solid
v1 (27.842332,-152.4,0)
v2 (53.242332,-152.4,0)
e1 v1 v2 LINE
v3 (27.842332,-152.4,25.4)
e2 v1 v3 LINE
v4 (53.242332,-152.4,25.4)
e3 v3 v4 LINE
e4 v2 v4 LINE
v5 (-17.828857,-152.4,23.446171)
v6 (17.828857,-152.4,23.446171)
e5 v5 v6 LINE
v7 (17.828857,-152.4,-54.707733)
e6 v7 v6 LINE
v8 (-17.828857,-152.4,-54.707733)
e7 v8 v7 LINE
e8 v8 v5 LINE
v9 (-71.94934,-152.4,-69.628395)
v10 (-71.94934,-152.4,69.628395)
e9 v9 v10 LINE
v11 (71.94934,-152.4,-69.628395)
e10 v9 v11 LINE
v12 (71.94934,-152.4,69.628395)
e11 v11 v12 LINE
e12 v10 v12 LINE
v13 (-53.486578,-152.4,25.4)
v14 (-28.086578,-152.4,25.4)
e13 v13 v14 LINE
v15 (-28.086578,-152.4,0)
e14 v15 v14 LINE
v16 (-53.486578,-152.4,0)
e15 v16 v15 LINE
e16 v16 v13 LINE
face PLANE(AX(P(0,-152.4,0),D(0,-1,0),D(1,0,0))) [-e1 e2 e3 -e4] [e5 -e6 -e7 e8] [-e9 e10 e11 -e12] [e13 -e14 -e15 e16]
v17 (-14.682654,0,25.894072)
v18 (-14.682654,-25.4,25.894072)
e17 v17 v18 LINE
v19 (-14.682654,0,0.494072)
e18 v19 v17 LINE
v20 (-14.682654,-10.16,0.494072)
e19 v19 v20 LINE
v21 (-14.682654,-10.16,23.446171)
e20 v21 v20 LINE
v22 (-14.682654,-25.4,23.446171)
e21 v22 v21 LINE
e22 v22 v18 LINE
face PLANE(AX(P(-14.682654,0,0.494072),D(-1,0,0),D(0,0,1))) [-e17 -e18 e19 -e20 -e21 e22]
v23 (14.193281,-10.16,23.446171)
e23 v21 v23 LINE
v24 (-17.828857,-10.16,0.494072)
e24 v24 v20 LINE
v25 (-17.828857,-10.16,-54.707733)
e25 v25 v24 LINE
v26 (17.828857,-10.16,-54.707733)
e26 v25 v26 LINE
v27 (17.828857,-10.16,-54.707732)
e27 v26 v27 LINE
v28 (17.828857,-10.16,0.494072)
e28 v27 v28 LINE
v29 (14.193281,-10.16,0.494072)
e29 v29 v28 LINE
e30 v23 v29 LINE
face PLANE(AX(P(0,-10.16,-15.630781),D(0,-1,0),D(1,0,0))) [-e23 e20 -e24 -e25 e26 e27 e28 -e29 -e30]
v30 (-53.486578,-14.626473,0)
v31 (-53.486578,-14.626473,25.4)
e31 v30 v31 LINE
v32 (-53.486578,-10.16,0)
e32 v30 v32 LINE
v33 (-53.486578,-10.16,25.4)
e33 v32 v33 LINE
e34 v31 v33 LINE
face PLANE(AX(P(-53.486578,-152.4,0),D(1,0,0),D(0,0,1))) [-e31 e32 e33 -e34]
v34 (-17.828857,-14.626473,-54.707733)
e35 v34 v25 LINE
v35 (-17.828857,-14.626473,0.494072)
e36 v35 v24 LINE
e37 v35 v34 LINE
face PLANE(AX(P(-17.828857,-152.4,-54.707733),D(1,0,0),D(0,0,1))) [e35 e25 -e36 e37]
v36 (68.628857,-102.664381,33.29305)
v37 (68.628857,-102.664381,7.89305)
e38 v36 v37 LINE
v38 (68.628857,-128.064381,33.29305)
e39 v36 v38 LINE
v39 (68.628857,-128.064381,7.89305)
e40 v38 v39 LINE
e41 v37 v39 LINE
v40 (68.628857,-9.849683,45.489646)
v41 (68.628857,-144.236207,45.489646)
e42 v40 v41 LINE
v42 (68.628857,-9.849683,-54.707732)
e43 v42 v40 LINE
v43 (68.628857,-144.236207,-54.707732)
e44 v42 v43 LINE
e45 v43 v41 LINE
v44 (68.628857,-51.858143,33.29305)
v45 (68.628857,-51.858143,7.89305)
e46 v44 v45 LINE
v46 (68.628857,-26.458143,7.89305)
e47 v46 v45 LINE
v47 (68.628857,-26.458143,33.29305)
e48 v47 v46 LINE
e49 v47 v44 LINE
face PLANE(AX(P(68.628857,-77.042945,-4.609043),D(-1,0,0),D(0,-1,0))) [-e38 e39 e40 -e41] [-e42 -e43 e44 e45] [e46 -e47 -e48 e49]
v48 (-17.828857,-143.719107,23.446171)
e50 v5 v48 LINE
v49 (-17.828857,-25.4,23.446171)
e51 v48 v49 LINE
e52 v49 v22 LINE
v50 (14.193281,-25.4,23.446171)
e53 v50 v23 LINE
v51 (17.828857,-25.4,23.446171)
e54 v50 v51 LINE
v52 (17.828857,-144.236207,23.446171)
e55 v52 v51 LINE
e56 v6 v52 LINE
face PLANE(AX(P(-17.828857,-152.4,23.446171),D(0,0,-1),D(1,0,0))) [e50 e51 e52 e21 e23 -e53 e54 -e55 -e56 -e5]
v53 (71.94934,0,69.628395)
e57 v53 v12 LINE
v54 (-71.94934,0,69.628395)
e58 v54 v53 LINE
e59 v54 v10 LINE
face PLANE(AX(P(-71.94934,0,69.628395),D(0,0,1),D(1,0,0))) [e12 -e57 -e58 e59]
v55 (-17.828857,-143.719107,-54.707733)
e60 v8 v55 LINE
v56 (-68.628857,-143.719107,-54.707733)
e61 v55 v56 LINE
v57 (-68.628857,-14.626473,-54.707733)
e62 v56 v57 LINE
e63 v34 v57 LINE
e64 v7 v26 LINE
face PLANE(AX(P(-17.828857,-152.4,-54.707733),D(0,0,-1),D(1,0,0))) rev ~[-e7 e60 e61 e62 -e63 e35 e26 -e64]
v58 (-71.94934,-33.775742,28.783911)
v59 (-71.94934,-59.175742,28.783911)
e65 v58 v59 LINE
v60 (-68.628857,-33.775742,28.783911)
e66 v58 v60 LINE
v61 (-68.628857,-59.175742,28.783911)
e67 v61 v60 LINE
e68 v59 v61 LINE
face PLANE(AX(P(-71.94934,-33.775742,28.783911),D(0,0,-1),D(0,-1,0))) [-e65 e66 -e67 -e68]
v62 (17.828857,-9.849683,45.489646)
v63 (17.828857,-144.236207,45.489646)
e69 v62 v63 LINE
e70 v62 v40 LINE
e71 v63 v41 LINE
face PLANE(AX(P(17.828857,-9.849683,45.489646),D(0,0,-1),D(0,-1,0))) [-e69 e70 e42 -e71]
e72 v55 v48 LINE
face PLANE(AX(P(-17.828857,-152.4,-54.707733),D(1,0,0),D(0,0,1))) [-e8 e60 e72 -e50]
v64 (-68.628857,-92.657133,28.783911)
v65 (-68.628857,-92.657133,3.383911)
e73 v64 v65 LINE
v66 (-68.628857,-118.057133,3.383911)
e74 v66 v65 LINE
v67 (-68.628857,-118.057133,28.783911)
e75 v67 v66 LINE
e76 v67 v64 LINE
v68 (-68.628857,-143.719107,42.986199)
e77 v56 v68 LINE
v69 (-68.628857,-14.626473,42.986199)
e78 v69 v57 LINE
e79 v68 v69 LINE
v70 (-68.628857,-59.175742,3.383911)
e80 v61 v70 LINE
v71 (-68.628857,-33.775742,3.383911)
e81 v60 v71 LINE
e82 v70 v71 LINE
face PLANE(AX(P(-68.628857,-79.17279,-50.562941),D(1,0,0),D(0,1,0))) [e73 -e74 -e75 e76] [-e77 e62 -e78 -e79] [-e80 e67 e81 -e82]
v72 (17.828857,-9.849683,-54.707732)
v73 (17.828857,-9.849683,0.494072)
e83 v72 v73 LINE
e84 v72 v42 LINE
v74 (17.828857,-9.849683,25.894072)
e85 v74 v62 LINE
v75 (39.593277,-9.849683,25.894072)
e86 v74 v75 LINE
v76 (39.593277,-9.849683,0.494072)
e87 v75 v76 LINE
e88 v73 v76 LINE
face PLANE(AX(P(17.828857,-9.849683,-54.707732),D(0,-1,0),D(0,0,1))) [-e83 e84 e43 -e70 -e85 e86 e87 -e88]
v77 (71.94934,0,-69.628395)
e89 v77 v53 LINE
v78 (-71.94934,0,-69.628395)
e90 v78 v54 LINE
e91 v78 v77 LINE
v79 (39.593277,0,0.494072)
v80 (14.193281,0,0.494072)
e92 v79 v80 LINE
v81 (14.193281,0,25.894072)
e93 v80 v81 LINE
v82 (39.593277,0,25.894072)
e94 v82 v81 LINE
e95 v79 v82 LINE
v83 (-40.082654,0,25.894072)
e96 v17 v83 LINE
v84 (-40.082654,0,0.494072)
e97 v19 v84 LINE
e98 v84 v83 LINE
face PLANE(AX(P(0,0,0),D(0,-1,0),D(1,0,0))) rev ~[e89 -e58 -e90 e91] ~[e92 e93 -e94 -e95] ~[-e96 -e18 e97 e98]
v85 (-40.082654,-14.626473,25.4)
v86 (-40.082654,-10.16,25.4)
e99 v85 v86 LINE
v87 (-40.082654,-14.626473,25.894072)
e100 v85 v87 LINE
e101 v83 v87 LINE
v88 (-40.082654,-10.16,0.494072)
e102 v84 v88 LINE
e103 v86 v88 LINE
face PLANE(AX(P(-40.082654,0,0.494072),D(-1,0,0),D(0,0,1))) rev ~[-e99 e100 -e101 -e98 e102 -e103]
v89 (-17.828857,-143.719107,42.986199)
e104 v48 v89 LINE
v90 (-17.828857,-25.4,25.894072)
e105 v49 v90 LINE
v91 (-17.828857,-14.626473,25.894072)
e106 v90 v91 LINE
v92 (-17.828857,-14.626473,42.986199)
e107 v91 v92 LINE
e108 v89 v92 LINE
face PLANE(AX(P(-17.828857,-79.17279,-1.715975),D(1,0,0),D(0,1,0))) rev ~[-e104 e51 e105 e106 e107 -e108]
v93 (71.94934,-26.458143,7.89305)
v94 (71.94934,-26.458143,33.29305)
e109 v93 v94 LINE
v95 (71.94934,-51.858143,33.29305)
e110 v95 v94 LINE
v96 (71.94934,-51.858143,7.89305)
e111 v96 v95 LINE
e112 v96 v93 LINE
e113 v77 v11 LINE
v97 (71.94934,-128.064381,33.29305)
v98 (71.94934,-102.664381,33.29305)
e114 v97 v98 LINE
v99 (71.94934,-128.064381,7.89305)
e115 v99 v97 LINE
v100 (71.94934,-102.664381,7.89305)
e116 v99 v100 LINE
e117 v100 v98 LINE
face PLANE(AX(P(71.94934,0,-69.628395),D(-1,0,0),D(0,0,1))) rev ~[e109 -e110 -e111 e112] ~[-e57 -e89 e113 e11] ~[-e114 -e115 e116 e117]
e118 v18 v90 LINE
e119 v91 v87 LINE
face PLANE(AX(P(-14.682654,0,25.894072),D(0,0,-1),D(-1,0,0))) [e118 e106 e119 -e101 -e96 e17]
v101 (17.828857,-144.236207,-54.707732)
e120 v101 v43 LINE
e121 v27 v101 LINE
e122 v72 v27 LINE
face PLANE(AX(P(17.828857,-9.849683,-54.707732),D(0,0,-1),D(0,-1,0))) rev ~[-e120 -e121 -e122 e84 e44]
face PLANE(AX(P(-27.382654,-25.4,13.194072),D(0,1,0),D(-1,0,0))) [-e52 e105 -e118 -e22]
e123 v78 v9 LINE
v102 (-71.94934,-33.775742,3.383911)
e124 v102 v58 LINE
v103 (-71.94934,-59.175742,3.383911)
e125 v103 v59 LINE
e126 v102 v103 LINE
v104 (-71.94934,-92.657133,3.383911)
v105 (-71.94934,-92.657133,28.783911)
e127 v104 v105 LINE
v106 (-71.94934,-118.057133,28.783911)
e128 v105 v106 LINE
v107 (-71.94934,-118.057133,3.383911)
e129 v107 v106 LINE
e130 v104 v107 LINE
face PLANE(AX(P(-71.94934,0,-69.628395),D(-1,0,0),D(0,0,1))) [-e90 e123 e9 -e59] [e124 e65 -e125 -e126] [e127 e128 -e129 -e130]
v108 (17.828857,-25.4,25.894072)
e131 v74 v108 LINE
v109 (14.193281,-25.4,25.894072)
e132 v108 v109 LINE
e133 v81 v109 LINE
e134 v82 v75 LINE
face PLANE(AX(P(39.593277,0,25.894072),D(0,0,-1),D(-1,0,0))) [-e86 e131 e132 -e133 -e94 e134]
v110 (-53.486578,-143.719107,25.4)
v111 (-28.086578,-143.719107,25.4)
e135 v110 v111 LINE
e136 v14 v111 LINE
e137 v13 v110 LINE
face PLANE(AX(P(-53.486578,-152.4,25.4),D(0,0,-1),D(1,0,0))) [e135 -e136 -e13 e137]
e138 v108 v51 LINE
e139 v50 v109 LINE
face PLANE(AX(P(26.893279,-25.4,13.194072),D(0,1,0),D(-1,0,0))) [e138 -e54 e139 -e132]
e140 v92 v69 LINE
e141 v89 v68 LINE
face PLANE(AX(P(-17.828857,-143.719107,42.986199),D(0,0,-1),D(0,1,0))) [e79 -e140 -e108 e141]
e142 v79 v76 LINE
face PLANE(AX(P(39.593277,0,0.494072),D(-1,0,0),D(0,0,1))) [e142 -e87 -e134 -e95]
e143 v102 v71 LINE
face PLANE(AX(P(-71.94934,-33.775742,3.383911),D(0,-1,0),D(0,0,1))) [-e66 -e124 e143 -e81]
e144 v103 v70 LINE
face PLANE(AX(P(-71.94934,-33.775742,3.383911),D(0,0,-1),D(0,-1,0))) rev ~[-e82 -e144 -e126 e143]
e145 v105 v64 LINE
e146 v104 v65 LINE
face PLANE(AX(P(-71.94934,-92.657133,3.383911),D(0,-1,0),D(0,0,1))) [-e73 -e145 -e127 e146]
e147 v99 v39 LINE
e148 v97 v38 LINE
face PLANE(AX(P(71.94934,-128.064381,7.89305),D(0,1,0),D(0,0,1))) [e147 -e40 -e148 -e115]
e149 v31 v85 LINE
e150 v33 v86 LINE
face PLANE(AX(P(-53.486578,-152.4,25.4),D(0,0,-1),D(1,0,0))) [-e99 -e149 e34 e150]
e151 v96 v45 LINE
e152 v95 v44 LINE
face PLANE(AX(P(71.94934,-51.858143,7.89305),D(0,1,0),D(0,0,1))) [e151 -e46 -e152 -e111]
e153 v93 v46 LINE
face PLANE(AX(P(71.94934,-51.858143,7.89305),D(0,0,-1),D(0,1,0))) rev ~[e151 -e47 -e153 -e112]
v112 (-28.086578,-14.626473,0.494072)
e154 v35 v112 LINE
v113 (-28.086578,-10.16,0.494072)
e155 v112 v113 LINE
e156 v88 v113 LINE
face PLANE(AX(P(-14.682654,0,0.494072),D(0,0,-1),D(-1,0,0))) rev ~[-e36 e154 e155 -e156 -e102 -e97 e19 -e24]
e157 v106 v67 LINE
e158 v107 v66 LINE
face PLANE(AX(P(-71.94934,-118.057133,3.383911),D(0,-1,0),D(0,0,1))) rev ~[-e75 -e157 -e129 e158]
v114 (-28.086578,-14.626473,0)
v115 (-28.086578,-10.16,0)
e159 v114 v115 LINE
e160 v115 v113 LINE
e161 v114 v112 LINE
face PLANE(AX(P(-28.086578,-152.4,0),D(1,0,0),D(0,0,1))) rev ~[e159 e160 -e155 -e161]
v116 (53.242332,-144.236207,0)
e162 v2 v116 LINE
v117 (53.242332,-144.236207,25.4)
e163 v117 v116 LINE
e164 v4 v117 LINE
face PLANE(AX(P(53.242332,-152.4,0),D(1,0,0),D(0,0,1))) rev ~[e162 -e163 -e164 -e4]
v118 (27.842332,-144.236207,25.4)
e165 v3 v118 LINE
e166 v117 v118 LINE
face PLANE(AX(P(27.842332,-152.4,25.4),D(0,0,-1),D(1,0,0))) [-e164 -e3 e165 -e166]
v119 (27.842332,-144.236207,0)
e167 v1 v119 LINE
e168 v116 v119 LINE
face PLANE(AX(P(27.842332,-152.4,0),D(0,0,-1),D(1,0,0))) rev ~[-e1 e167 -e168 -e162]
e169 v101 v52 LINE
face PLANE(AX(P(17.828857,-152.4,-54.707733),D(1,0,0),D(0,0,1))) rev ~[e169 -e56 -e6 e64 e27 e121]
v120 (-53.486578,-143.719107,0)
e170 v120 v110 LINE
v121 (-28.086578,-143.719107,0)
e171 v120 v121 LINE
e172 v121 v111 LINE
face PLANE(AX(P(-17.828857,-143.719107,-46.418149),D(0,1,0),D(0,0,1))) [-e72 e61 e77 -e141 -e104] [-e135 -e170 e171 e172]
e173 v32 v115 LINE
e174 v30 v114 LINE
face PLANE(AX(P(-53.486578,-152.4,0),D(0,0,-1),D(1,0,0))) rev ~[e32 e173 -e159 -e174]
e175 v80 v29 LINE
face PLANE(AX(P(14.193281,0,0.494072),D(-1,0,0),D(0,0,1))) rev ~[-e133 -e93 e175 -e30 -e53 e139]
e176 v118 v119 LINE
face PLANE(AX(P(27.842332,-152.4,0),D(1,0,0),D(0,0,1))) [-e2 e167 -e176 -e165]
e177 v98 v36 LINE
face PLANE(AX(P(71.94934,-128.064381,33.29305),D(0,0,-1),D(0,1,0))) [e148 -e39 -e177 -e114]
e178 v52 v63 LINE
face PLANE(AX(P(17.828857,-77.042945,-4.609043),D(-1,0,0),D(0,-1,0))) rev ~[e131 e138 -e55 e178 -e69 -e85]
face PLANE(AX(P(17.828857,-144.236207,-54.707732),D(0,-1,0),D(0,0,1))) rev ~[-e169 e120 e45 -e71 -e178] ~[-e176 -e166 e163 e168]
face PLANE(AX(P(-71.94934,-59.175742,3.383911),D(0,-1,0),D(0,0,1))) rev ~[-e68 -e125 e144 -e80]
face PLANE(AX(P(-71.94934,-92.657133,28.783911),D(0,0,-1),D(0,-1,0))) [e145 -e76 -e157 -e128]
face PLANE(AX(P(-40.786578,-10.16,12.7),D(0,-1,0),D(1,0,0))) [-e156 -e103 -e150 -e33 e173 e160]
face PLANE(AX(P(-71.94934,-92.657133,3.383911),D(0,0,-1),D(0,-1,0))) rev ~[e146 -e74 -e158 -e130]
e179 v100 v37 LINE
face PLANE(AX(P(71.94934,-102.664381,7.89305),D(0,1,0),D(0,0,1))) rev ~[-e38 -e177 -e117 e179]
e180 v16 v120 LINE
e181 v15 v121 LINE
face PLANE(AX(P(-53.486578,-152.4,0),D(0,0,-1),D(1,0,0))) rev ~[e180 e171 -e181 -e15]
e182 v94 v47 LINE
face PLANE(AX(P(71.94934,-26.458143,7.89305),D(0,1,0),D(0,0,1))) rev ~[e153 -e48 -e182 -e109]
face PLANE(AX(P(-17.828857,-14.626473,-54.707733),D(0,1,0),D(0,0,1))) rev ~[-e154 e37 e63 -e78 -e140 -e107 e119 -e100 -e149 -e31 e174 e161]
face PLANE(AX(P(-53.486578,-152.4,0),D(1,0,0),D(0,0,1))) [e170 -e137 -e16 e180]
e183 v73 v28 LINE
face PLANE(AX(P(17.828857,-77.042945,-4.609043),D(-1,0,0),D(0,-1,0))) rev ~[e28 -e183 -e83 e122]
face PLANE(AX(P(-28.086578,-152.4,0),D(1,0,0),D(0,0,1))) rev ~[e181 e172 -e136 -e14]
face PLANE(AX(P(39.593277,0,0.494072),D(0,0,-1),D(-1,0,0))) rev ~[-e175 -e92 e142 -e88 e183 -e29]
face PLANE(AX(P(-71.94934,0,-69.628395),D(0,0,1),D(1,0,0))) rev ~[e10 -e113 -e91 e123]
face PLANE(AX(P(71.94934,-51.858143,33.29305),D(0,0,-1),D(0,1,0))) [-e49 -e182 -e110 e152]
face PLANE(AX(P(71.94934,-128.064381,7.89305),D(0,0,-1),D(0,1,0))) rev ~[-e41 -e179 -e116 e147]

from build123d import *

# Parameters (mm, degrees)
F0_W      = 143.89868
F0_H      = 139.25679
F1_DEPTH  = 152.4
F2_W      = 25.4
F2_H      = 25.4
F2_W_2    = 35.657714
F2_H_2    = 78.153904
F3_DEPTH  = 142.24
F4_W      = 129.092633
F4_H      = 89.404348
F5_DEPTH  = 50.8
F6_W      = 134.386524
F6_H      = 100.197379
F7_DEPTH  = 50.8
F8_W      = 129.092633
F8_H      = 8.289584
F9_DEPTH  = 50.8
F10_W     = 25.4
F10_H     = 25.4
F11_DEPTH = 25.4
F12_W     = 25.4
F12_H     = 25.4
F13_DEPTH = 50.8
F14_W     = 25.399997
F14_H     = 25.4
F14_W_2   = 25.4
F15_DEPTH = 25.4


with BuildPart() as f1:
    # F0 (on Front) → F1 (new body)
    with BuildSketch(Plane.XZ):
        Rectangle(F0_W, F0_H)
    extrude(amount=F1_DEPTH)

    # F2 (on face) → F3 (cut)
    with BuildSketch(Plane.XZ.offset(152.4)):
        with Locations((-40.786578, 12.7)):
            Rectangle(F2_W, F2_H)
        with Locations((40.542332, 12.7)):
            Rectangle(F2_W, F2_H)
        with Locations((0, -15.630781)):
            Rectangle(F2_W_2, F2_H_2)
    extrude(amount=-F3_DEPTH, mode=Mode.SUBTRACT)

    # F4 (on face) → F5 (cut)
    with BuildSketch(Plane.YZ.offset(-17.828857)):
        with Locations((-79.17279, -1.715975)):
            Rectangle(F4_W, F4_H)
    extrude(amount=-F5_DEPTH, mode=Mode.SUBTRACT)

    # F6 (on face) → F7 (cut)
    with BuildSketch(Plane(origin=(17.828857, 0, 0), x_dir=(0, -1, 0), z_dir=(-1, 0, 0))):
        with Locations((77.042945, -4.609043)):
            Rectangle(F6_W, F6_H)
    extrude(amount=-F7_DEPTH, mode=Mode.SUBTRACT)

    # F8 (on face) → F9 (cut)
    with BuildSketch(Plane.YZ.offset(-17.828857)):
        with Locations((-79.17279, -50.562941)):
            Rectangle(F8_W, F8_H)
    extrude(amount=-F9_DEPTH, mode=Mode.SUBTRACT)

    # F10 (on face) → F11 (cut)
    with BuildSketch(Plane.YZ.offset(71.94934)):
        with Locations((-115.364381, 20.59305)):
            Rectangle(F10_W, F10_H)
        with Locations((-39.158143, 20.59305)):
            Rectangle(F10_W, F10_H)
    extrude(amount=-F11_DEPTH, mode=Mode.SUBTRACT)

    # F12 (on face) → F13 (cut)
    with BuildSketch(Plane(origin=(-71.94934, 0, 0), x_dir=(0, -1, 0), z_dir=(-1, 0, 0))):
        with Locations((46.475742, 16.083911)):
            Rectangle(F12_W, F12_H)
        with Locations((105.357133, 16.083911)):
            Rectangle(F12_W, F12_H)
    extrude(amount=-F13_DEPTH, mode=Mode.SUBTRACT)

    # F14 (on face) → F15 (cut)
    with BuildSketch(Plane(origin=(0, 0, 0), x_dir=(-1, 0, 0), z_dir=(0, 1, 0))):
        with Locations((-26.893279, 13.194072)):
            Rectangle(F14_W, F14_H)
        with Locations((27.382654, 13.194072)):
            Rectangle(F14_W_2, F14_H)
    extrude(amount=-F15_DEPTH, mode=Mode.SUBTRACT)


solid = f1.part
